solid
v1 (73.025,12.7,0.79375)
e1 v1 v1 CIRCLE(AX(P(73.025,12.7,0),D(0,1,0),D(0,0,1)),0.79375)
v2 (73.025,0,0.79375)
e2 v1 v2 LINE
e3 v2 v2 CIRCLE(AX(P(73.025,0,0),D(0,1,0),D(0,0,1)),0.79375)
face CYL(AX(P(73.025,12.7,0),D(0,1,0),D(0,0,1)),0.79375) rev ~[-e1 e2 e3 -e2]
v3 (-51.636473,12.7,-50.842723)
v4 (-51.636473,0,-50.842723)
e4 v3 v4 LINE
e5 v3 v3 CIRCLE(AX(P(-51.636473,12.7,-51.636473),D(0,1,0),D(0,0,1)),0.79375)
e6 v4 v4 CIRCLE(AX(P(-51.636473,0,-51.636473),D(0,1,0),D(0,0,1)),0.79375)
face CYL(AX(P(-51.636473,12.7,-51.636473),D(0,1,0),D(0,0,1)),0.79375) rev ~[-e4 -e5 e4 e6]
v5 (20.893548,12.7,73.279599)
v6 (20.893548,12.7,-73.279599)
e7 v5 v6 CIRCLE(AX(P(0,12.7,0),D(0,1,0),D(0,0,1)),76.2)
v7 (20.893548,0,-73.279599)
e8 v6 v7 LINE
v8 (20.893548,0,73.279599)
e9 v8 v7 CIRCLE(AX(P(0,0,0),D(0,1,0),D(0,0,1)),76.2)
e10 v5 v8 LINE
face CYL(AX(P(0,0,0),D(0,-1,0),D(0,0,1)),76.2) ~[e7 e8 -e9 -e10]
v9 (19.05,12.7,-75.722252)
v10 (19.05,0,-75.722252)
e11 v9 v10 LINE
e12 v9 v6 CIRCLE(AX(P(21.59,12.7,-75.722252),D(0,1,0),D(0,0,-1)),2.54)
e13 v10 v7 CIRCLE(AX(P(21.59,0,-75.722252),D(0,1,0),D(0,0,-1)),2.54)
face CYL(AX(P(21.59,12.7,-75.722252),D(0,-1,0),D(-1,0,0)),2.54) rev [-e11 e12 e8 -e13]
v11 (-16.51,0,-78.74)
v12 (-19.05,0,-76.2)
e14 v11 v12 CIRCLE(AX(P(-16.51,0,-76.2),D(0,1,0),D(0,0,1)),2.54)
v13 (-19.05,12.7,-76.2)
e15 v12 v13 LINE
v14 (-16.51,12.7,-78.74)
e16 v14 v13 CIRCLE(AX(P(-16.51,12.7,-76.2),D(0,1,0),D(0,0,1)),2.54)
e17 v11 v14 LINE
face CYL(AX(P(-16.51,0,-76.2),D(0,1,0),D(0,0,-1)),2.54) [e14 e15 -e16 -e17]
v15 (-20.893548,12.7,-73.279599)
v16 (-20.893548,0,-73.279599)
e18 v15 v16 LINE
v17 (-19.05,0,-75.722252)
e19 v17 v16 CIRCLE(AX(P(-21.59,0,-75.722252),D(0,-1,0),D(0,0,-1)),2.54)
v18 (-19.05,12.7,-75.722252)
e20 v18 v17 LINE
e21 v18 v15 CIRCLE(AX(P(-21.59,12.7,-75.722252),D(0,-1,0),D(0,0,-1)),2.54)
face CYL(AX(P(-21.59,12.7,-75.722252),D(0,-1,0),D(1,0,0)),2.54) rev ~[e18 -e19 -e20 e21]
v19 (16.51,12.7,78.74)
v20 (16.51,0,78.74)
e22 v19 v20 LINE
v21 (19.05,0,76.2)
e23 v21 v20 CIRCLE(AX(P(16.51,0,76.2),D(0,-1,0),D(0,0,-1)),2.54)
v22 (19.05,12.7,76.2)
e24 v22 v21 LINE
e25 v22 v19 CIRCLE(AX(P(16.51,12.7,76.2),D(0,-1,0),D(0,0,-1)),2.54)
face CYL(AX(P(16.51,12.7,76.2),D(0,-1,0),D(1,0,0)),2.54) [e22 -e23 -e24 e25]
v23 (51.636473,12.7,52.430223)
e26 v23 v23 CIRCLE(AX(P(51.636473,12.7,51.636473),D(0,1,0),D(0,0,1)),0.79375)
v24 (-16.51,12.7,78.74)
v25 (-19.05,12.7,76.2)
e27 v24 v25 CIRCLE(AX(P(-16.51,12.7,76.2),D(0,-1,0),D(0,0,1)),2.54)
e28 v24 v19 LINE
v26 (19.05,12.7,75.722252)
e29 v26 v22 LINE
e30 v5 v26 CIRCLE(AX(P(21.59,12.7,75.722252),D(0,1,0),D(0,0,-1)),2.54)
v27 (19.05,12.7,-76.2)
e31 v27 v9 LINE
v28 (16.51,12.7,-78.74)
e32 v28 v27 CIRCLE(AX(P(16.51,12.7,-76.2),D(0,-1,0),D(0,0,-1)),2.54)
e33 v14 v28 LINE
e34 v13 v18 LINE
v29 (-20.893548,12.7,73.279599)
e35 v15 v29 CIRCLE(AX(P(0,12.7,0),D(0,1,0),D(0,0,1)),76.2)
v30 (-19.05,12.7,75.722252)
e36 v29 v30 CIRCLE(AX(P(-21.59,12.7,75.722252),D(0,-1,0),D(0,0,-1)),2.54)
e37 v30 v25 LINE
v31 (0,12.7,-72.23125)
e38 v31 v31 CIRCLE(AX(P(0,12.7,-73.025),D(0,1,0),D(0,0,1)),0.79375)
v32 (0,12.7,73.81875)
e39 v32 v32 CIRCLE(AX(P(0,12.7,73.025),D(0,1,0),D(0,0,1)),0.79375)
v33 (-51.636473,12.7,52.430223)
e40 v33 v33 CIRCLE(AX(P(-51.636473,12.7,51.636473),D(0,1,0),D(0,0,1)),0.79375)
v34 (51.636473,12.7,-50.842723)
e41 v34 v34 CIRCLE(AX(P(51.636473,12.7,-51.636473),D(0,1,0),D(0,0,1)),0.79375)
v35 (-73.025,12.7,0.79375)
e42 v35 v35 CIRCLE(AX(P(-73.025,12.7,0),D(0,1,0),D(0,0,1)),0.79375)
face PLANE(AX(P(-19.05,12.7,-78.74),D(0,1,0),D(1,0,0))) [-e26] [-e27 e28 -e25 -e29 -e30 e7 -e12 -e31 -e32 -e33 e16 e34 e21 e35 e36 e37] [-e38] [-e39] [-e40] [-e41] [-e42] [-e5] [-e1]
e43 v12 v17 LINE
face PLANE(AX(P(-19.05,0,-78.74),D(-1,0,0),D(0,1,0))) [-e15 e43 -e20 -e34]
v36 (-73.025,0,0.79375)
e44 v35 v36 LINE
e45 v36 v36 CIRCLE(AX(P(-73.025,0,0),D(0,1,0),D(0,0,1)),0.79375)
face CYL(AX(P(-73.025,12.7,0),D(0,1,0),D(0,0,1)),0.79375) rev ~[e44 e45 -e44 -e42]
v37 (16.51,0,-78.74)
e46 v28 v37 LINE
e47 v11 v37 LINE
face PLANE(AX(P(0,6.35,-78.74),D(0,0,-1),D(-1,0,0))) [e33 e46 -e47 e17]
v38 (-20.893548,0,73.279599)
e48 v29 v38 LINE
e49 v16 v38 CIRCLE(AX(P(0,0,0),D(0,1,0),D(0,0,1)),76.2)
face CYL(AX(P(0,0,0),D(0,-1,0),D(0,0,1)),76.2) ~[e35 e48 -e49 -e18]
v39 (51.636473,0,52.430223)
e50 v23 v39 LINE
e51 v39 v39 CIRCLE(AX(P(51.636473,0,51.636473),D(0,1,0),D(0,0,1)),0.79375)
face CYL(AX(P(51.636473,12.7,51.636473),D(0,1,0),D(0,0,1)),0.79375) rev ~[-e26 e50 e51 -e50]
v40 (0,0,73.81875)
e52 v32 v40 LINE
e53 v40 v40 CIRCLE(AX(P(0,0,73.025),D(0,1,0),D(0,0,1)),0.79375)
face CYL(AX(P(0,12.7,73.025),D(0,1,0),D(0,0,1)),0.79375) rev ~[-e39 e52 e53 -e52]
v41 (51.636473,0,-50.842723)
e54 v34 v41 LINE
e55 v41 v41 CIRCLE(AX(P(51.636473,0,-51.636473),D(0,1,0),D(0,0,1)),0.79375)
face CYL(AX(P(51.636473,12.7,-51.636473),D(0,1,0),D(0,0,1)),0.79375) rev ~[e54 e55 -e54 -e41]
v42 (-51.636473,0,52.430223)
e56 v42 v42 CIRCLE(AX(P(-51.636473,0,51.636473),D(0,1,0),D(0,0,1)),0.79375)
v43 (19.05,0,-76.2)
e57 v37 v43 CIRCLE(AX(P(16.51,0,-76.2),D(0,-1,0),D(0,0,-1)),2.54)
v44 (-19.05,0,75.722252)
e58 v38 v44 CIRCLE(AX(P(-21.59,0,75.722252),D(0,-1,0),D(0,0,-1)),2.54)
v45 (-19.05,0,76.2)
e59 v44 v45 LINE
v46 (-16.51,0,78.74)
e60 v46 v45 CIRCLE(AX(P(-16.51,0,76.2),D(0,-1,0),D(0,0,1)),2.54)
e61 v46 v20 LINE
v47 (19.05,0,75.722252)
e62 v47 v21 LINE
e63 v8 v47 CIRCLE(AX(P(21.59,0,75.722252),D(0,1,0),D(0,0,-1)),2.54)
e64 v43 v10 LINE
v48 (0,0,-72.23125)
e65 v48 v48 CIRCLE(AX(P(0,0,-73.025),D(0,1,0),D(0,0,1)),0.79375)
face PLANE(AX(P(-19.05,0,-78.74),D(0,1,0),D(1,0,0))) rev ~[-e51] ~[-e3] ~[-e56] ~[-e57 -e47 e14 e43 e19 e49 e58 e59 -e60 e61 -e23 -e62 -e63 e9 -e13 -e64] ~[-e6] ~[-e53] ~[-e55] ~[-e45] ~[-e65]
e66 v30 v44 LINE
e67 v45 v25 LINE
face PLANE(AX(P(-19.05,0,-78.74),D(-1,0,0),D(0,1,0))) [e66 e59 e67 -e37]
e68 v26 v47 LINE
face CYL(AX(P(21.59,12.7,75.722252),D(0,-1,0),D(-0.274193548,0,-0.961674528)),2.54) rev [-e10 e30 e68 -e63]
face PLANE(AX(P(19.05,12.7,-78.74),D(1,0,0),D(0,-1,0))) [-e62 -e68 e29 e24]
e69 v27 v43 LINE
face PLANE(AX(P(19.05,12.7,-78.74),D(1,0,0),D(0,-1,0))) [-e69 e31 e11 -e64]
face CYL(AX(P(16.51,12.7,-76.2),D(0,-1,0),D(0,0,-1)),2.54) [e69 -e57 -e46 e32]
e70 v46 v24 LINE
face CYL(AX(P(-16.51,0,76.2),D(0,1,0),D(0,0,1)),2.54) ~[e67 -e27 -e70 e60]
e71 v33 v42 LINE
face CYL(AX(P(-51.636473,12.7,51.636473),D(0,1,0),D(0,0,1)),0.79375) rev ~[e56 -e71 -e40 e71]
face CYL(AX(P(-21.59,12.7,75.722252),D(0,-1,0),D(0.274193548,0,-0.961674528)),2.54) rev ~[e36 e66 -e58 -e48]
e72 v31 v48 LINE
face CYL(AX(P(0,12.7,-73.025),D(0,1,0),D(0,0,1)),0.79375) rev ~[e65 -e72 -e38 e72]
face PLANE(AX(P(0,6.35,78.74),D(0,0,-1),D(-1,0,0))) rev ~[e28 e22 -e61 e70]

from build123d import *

# Parameters (mm, degrees)
SKETCH2_R                = 76.2
BOSS_EXTRUDE1_DEPTH      = 12.7
BOSS_EXTRUDE2_DEPTH      = 78.74
BOSS_EXTRUDE2_DEPTH_BACK = 78.74
FILLET1_R                = 2.54
SKETCH4_R                = 0.79375
CUT_EXTRUDE1_DEPTH       = 111.307377813


with BuildPart() as part:
    # Sketch2 → Boss-Extrude1 (new body)
    with BuildSketch(Plane(origin=(0, 0, 0), x_dir=(1, 0, 0), z_dir=(0, 1, 0))):
        with Locations(Location((0, 0, 0), (0, 0, 270))):
            Circle(SKETCH2_R)
    extrude(amount=BOSS_EXTRUDE1_DEPTH)

    # Sketch3 → Boss-Extrude2 (add, two sides: drawn at the far end of the back side and taken through both)
    with BuildSketch(Plane.XY.offset(-BOSS_EXTRUDE2_DEPTH_BACK)):
        Polygon((0, 0), (-19.05, 0), (-19.05, 12.7), (19.05, 12.7), (19.05, 0), align=None)
    extrude(amount=BOSS_EXTRUDE2_DEPTH + BOSS_EXTRUDE2_DEPTH_BACK)

    # Fillet1
    fillet1_edges = [part.edges().sort_by_distance(p)[0] for p in [
        (-19.05, 6.35, -78.74),
        (19.05, 6.35, -78.74),
        (-19.05, 6.35, -73.780332745),
        (-19.05, 6.35, 73.780332745),
        (19.05, 6.35, 73.780332745),
        (19.05, 6.35, -73.780332745),
        (19.05, 6.35, 78.74),
        (-19.05, 6.35, 78.74),
    ]]
    fillet(fillet1_edges, radius=FILLET1_R)

    # Sketch4 → Cut-Extrude1 (cut, through all)
    with BuildSketch(Plane(origin=(0, 12.7, 0), x_dir=(1, 0, 0), z_dir=(0, 1, 0))):
        with Locations(Location((73.025, 0, 0), (0, 0, 270))):
            Circle(SKETCH4_R)
        with Locations(Location((51.636472696, -51.636472696, 0), (0, 0, 270))):
            Circle(SKETCH4_R)
        with Locations(Location((0, -73.025, 0), (0, 0, 270))):
            Circle(SKETCH4_R)
        with Locations(Location((-51.636472696, -51.636472696, 0), (0, 0, 270))):
            Circle(SKETCH4_R)
        with Locations(Location((-73.025, 0, 0), (0, 0, 270))):
            Circle(SKETCH4_R)
        with Locations(Location((-51.636472696, 51.636472696, 0), (0, 0, 270))):
            Circle(SKETCH4_R)
        with Locations(Location((0, 73.025, 0), (0, 0, 270))):
            Circle(SKETCH4_R)
        with Locations(Location((51.636472696, 51.636472696, 0), (0, 0, 270))):
            Circle(SKETCH4_R)
    extrude(amount=-CUT_EXTRUDE1_DEPTH, mode=Mode.SUBTRACT)


solid = part.part
